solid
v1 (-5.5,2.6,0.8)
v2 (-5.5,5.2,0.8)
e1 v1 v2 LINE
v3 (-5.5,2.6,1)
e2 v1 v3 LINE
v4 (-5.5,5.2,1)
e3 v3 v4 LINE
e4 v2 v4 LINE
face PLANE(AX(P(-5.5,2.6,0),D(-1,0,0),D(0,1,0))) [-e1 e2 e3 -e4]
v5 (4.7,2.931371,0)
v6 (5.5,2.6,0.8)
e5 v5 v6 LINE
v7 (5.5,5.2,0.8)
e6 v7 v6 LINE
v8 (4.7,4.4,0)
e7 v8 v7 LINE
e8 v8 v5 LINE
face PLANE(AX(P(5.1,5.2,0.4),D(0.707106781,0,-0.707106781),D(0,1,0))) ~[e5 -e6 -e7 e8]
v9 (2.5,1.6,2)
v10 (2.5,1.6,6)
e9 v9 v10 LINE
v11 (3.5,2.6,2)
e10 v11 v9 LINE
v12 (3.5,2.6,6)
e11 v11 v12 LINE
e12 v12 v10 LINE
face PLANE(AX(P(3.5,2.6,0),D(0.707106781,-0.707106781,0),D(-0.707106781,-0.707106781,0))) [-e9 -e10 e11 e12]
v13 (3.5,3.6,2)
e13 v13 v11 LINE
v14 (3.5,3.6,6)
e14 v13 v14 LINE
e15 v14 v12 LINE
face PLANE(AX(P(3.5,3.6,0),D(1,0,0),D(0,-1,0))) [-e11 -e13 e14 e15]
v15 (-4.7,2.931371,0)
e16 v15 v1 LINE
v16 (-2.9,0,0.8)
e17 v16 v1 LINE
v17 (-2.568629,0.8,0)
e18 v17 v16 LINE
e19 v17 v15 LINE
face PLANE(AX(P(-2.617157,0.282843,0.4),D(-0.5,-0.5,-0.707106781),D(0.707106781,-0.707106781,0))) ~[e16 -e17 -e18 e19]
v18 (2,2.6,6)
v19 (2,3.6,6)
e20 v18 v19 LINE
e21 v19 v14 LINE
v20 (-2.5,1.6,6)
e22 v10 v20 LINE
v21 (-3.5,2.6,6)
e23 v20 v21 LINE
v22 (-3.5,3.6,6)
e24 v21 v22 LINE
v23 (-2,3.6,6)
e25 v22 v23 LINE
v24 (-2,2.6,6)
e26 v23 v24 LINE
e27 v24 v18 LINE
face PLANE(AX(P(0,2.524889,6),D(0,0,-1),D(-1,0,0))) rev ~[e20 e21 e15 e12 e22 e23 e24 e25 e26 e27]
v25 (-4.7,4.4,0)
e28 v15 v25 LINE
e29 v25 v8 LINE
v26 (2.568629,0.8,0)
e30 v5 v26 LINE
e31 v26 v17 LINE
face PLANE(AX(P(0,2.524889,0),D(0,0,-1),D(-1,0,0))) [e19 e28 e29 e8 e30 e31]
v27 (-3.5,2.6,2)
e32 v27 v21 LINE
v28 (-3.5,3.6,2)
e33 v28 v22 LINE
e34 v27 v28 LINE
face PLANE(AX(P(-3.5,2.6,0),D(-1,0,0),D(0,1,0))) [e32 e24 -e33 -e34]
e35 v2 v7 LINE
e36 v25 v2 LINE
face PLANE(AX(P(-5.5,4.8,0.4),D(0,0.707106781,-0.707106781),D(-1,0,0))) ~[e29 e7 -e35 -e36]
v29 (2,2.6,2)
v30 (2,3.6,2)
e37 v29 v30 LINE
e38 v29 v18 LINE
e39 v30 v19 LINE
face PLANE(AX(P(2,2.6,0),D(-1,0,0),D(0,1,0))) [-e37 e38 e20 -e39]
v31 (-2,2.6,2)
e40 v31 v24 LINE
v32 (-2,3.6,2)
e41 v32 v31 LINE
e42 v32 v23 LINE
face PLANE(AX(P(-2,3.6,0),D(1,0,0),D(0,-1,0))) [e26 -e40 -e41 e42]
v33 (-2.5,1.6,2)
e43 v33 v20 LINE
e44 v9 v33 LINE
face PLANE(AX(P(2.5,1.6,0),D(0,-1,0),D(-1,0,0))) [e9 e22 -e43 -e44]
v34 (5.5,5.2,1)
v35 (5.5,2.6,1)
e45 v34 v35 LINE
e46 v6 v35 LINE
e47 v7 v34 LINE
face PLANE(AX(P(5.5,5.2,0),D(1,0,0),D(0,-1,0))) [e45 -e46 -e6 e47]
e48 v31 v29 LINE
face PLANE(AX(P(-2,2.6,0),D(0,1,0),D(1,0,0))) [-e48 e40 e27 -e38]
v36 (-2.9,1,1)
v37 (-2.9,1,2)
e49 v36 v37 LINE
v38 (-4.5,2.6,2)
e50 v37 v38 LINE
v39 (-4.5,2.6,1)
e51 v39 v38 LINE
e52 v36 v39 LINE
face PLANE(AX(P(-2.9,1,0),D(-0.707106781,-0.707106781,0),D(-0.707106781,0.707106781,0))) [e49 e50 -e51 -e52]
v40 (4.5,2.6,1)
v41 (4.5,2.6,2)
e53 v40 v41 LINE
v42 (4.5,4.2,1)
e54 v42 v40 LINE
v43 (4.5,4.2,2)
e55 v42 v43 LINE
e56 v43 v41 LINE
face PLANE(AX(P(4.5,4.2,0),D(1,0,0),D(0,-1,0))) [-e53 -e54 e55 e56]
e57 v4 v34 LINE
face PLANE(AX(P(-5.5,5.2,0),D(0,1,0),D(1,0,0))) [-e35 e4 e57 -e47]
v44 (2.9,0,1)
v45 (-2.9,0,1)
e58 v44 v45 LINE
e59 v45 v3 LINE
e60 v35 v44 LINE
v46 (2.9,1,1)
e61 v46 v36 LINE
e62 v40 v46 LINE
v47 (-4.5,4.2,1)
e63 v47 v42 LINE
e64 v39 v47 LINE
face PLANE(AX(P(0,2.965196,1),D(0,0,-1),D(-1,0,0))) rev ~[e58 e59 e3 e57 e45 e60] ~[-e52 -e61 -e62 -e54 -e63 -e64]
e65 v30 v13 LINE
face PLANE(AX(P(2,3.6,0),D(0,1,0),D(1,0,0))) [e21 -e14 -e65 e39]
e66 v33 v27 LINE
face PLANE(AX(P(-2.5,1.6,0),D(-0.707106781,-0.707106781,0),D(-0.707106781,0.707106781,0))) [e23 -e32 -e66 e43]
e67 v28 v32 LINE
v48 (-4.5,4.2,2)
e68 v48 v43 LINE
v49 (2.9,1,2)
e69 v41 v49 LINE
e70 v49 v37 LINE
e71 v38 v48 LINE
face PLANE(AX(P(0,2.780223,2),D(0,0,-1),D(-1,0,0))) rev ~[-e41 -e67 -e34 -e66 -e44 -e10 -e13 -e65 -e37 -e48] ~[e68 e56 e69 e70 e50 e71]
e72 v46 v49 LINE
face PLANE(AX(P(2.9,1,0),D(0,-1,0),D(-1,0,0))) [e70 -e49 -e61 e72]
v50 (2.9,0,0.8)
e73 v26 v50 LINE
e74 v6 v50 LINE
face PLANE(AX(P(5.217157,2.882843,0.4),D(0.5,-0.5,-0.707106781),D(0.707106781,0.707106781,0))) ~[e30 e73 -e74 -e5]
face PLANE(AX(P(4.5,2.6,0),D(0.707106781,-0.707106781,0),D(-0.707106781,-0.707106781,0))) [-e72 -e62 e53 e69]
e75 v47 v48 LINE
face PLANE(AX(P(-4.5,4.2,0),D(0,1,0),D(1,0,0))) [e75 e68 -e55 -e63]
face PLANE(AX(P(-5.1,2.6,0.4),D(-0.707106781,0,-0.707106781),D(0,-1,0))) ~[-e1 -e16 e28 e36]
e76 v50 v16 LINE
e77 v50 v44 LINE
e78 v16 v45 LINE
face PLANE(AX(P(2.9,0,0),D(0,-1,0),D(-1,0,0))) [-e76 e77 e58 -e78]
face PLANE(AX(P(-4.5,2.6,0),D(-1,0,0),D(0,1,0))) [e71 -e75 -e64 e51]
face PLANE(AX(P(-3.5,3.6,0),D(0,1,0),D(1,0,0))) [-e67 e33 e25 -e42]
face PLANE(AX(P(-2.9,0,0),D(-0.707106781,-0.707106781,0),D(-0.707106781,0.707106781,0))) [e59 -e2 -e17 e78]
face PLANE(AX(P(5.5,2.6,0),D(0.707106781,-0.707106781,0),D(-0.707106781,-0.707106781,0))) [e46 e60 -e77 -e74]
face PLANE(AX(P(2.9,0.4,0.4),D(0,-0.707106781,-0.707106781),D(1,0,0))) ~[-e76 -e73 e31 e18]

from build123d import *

# Parameters (mm, degrees)
EXTRUDE001_DEPTH = 2
EXTRUDE002_DEPTH = 6
EXTRUDE_DEPTH    = 1
CHAMFER_SIZE     = 0.8


with BuildPart() as extrude001:
    # Sketch001 → Extrude001 (new body)
    with BuildSketch(Plane.XY):
        Polygon((-4.5, 4.2), (4.5, 4.2), (4.5, 2.6), (2.9, 1), (-2.9, 1), (-4.5, 2.6), align=None)
    extrude(amount=EXTRUDE001_DEPTH)


with BuildPart() as extrude002:
    # Sketch002 → Extrude002 (new body)
    with BuildSketch(Plane.XY):
        Polygon((-3.5, 3.6), (-2, 3.6), (-2, 2.6), (2, 2.6), (2, 3.6), (3.5, 3.6), (3.5, 2.6), (2.5, 1.6), (-2.5, 1.6), (-3.5, 2.6), align=None)
    extrude(amount=EXTRUDE002_DEPTH)


with BuildPart() as chamfer_body:
    # Sketch → Extrude (new body)
    with BuildSketch(Plane.XY):
        Polygon((-5.5, 5.2), (5.5, 5.2), (5.5, 2.6), (2.9, 0), (-2.9, 0), (-5.5, 2.6), align=None)
    extrude(amount=EXTRUDE_DEPTH)

    # Fusion: union Extrude001, Extrude002
    add(extrude001.part)
    add(extrude002.part)

    # Chamfer
    chamfer_edges = [chamfer_body.edges().sort_by_distance(p)[0] for p in [
        (0, 5.2, 0),
        (-5.5, 3.9, 0),
        (5.5, 3.9, 0),
        (-4.2, 1.3, 0),
        (4.2, 1.3, 0),
        (0, 0, 0),
    ]]
    chamfer(chamfer_edges, length=CHAMFER_SIZE)


solid = chamfer_body.part
